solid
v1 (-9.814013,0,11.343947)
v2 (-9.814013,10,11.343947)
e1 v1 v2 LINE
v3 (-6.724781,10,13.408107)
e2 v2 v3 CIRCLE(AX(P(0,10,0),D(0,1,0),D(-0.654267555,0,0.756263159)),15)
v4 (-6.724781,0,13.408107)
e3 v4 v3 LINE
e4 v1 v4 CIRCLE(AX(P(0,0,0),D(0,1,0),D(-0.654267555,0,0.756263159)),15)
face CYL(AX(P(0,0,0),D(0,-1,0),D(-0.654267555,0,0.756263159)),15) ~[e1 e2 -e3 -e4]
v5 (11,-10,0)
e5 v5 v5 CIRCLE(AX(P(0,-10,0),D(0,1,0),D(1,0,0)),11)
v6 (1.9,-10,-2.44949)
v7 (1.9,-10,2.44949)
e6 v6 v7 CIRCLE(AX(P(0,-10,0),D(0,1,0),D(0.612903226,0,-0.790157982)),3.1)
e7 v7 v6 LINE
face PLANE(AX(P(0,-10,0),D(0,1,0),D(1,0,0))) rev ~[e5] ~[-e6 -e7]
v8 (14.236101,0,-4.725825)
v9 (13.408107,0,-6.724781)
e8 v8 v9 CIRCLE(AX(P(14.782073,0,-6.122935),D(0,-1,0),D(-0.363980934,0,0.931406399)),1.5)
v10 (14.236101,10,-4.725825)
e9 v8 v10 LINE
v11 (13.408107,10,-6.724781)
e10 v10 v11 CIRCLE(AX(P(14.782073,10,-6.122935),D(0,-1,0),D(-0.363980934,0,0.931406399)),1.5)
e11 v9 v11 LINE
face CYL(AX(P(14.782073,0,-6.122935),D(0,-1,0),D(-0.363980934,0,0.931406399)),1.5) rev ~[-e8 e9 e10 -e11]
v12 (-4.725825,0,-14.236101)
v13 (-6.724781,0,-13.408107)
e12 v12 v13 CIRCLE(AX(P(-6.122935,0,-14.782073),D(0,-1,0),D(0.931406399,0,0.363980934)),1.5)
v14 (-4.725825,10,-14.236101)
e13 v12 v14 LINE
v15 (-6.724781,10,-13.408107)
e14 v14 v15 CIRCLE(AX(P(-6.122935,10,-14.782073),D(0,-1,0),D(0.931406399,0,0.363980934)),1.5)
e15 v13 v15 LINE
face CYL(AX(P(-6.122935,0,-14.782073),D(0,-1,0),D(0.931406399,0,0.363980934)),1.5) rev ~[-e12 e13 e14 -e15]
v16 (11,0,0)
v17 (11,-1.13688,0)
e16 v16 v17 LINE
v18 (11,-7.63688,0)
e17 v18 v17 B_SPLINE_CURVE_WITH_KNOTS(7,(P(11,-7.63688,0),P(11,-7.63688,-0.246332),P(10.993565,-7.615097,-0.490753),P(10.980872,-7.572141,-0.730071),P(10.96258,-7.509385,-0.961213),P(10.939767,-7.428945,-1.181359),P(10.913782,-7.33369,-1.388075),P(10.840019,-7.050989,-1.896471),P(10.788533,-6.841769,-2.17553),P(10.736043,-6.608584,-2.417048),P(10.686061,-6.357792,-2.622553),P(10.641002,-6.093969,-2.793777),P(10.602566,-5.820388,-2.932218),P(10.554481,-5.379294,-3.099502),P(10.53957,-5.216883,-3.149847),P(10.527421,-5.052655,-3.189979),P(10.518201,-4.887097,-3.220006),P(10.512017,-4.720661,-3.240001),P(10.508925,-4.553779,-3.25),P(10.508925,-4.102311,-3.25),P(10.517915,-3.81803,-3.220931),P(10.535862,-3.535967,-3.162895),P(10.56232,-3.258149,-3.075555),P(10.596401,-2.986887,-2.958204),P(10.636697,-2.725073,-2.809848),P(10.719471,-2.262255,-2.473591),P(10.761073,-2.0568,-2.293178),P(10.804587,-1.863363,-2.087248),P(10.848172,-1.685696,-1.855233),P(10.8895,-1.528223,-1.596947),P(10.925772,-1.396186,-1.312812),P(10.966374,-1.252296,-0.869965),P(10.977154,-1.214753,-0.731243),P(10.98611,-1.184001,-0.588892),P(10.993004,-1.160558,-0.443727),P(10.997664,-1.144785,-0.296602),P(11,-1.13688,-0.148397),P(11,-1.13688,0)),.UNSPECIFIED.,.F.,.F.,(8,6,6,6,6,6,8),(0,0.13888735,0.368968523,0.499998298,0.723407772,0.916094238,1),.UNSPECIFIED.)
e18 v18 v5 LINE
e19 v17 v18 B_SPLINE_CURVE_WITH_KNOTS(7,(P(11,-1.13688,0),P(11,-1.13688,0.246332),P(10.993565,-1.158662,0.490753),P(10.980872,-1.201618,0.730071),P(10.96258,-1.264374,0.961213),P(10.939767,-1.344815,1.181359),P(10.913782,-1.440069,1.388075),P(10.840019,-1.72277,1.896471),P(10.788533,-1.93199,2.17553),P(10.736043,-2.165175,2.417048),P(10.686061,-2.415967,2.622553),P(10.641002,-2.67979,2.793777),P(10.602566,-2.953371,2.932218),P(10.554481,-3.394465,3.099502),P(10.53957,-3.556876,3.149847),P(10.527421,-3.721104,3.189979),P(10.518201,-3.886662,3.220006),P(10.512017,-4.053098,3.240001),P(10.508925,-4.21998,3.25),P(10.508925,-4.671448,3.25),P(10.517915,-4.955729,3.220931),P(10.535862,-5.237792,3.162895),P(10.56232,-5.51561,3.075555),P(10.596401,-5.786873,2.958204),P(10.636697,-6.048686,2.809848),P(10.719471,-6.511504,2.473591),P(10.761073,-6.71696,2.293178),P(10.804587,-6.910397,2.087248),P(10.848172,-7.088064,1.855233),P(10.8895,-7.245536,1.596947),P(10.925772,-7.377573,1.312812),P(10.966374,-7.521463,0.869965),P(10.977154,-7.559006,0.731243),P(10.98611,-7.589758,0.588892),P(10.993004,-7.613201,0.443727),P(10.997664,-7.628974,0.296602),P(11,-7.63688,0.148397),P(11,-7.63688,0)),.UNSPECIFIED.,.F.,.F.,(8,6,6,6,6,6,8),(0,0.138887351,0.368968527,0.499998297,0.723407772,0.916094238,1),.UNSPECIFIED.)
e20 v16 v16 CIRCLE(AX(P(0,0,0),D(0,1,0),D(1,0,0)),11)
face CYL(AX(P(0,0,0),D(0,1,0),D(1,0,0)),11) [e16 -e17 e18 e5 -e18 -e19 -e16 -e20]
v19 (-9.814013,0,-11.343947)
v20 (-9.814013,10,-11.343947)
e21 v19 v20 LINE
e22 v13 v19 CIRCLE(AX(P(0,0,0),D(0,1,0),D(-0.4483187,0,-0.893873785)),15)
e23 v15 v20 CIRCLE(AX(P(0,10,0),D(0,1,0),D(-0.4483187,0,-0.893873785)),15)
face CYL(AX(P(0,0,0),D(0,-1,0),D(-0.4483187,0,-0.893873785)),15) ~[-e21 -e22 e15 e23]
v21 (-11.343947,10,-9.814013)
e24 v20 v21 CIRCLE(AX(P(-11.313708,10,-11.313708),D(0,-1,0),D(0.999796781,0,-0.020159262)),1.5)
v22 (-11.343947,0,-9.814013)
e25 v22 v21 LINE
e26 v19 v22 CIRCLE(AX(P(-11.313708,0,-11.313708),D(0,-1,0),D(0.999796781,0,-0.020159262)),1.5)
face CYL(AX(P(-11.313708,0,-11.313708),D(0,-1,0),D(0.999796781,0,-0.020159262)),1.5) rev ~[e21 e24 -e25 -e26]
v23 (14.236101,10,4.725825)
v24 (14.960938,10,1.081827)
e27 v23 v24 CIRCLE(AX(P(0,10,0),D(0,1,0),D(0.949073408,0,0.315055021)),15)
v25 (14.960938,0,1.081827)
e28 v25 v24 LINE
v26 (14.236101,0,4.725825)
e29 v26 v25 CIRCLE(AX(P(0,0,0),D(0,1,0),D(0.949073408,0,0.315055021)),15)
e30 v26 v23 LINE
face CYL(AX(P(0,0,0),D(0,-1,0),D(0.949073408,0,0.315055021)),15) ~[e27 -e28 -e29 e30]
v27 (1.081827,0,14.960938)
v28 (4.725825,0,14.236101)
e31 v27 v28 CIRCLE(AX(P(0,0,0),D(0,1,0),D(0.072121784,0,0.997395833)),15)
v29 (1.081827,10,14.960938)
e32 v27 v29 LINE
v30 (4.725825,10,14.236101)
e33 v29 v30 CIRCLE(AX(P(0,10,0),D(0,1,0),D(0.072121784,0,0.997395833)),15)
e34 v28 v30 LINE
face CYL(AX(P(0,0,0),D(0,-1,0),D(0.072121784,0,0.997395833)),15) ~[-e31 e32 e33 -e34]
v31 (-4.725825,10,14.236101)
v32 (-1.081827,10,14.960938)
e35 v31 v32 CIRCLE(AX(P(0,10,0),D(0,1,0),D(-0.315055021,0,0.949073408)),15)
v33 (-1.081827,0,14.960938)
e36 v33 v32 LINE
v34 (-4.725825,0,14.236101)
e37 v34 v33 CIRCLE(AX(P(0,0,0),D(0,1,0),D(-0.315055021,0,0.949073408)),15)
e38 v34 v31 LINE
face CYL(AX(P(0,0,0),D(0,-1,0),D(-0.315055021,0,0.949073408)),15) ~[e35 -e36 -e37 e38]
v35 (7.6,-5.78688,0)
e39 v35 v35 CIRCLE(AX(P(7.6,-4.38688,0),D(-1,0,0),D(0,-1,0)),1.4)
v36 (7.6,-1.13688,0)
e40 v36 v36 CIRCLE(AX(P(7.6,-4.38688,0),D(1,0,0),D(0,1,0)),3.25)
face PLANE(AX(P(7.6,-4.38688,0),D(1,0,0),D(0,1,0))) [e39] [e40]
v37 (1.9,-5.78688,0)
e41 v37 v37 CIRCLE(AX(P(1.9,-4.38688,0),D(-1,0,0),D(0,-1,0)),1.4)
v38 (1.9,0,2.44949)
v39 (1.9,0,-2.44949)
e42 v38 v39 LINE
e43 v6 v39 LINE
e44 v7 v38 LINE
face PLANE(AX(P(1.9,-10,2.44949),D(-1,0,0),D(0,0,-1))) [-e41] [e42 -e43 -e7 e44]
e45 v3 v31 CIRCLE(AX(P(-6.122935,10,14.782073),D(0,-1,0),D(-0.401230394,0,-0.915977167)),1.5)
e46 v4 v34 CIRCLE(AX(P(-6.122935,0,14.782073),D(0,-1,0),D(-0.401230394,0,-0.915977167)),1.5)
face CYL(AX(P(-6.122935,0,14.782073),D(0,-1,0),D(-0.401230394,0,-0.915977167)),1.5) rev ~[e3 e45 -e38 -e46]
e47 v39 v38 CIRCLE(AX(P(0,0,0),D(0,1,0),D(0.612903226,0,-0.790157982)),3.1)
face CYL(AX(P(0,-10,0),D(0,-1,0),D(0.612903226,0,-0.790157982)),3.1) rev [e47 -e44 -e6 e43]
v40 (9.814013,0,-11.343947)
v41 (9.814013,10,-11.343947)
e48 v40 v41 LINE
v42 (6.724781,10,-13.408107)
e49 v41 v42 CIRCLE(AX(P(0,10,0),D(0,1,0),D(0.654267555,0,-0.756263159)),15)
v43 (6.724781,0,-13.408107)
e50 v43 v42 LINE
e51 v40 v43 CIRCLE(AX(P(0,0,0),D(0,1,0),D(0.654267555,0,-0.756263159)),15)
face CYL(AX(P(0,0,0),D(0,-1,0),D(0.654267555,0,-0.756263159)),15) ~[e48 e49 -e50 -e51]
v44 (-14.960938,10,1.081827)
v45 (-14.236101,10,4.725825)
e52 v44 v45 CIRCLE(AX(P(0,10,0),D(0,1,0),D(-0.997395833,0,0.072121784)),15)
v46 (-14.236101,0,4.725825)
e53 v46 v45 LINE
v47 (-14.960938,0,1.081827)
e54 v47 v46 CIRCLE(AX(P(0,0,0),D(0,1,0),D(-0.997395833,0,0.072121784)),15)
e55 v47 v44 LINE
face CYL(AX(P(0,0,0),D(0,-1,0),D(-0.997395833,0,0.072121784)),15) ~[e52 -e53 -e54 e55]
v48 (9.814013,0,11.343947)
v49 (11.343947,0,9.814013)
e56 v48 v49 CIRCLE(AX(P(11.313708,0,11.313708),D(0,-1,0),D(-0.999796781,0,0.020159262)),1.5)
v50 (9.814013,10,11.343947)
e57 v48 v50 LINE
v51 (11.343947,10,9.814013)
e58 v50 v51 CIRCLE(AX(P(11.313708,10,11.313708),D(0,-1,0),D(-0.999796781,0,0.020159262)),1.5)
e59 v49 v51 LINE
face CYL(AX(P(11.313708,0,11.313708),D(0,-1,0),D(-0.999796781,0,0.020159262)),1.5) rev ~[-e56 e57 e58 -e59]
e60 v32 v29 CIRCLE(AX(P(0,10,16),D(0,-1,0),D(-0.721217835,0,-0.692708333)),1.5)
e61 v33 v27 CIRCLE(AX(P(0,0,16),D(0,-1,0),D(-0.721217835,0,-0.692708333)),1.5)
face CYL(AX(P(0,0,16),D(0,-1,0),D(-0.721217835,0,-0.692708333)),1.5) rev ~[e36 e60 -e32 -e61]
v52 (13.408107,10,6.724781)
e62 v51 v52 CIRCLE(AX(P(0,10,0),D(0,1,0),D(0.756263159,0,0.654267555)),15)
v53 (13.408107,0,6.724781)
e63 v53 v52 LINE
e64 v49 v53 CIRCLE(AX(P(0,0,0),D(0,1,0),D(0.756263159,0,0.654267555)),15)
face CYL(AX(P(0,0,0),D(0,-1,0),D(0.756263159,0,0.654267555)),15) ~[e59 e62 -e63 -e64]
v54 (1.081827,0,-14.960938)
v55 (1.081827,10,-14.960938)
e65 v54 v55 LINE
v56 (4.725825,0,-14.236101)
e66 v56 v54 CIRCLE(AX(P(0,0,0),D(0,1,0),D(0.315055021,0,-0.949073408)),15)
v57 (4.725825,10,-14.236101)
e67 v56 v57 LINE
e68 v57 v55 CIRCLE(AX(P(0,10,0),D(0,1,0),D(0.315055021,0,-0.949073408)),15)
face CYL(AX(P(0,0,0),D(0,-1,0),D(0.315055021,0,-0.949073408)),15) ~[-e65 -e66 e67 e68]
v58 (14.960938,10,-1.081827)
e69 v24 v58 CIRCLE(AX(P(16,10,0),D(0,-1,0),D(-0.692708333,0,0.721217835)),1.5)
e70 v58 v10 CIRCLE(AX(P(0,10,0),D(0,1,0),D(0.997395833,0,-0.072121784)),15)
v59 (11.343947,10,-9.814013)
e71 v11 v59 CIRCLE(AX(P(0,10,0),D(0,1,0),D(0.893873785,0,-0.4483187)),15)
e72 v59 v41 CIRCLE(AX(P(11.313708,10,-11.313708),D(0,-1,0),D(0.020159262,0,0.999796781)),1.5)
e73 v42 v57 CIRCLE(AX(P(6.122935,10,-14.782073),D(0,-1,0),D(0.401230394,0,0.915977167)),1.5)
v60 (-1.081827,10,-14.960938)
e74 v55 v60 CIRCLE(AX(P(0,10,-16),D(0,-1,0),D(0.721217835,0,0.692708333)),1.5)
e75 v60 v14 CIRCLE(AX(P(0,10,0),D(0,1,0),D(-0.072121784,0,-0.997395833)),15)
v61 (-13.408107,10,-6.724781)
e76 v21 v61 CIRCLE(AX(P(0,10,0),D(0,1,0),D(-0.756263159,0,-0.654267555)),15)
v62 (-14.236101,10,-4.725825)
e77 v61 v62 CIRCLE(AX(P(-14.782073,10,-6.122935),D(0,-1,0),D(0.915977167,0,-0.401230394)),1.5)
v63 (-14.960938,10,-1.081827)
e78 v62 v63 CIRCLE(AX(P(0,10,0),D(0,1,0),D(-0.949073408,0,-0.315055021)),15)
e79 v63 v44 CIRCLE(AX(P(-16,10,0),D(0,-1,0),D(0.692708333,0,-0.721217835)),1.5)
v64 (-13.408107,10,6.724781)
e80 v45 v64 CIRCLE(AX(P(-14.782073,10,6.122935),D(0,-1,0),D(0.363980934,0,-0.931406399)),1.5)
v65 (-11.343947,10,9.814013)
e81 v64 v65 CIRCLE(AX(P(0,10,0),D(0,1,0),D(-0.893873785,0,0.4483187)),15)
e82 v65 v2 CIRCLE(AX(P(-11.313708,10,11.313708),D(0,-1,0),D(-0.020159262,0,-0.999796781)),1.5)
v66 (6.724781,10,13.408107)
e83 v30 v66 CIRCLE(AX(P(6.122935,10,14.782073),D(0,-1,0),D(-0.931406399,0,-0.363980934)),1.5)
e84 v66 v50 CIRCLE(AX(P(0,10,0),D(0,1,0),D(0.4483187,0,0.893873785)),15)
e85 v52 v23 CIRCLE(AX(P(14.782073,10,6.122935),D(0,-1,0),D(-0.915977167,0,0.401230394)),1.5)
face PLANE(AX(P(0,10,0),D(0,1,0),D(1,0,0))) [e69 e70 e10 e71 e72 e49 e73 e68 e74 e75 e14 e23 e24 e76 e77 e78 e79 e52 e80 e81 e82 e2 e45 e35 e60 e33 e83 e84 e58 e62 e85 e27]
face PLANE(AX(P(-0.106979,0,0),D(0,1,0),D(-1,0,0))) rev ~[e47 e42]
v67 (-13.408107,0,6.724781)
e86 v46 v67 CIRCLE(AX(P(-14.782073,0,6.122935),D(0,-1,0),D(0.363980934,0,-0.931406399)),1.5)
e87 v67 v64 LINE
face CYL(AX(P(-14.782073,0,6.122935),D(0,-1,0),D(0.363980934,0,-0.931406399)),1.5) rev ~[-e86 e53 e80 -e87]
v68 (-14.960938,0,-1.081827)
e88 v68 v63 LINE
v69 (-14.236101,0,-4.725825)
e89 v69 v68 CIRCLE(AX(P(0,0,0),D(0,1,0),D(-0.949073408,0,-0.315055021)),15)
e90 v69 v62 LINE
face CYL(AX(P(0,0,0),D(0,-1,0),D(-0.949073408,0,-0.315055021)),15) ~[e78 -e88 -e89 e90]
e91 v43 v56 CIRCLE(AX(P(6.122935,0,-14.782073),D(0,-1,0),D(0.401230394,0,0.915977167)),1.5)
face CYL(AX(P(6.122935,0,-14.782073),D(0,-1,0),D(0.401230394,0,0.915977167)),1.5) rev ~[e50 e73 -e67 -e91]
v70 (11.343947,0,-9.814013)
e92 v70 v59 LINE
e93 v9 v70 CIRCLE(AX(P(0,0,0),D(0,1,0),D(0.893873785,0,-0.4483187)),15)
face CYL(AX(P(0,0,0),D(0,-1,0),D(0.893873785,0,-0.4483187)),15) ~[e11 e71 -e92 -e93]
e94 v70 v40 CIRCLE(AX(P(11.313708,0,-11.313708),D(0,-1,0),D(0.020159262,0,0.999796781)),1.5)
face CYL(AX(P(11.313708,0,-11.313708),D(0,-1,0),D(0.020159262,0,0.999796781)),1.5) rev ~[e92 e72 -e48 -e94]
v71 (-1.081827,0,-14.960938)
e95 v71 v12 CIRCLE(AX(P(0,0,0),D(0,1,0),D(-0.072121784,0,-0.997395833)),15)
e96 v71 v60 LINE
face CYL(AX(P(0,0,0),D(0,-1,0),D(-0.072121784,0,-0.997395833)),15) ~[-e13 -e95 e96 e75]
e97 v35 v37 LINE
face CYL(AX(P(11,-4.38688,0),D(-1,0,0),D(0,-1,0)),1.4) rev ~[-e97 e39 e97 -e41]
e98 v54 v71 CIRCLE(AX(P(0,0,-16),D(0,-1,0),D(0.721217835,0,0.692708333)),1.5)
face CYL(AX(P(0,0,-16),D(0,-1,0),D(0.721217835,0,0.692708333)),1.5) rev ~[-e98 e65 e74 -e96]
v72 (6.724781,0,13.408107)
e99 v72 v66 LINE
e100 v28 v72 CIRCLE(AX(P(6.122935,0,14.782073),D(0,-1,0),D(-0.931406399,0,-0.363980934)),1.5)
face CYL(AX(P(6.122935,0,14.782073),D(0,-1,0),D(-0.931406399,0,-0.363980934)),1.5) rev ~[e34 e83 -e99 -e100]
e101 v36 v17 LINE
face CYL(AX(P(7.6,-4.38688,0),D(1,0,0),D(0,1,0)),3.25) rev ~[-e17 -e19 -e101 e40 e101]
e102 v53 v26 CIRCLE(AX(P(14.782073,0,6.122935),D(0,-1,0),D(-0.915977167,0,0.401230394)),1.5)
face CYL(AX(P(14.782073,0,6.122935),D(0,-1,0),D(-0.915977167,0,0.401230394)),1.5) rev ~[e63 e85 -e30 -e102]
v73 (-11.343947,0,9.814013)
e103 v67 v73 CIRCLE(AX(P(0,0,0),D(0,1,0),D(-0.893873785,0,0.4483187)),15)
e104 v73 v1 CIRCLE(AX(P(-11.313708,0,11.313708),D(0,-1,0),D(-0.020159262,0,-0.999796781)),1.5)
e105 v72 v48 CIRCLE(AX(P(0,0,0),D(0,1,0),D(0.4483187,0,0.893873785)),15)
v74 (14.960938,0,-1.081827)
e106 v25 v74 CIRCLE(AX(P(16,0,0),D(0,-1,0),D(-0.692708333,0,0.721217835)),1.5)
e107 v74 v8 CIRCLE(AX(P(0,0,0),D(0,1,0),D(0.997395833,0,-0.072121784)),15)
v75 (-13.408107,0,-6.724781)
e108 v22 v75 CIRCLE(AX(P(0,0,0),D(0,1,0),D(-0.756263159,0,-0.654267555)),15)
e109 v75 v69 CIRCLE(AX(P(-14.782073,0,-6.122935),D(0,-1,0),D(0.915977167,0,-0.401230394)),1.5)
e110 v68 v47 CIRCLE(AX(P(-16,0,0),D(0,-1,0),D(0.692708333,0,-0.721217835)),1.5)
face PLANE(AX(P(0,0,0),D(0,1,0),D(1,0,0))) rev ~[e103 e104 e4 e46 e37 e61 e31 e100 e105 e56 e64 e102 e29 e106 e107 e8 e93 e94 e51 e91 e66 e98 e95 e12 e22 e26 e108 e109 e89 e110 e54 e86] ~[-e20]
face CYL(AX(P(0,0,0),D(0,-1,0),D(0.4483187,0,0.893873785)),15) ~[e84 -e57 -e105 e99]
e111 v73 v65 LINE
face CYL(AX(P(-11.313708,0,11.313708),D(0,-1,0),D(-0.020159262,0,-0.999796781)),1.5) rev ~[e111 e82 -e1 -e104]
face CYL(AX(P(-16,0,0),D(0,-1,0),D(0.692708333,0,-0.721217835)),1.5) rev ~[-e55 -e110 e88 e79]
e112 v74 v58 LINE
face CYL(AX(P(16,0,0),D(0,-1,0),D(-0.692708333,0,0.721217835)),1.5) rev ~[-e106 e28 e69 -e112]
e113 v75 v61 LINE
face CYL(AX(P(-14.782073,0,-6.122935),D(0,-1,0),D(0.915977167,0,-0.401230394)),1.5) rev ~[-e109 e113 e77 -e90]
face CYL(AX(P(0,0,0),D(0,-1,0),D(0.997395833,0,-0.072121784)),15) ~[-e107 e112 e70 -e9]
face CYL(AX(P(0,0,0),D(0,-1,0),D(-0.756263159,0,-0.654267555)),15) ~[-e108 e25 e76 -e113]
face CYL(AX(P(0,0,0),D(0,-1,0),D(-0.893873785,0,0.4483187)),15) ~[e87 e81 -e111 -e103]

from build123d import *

# Parameters (mm, degrees)
BOSS_EXTRUDE1_DEPTH                                  = 10
SKETCH1_3_R                                          = 11
BOSS_EXTRUDE2_DEPTH                                  = 10
SCHNITT_LINEAR_AUSTRAGEN1_DEPTH                      = 10
STIRNSENKUNG_F_R_M3_ZYLINDERSCHRAUBE_MIT_D           = 2.8
STIRNSENKUNG_F_R_M3_ZYLINDERSCHRAUBE_MIT_DEPTH       = 9.1
STIRNSENKUNG_F_R_M3_ZYLINDERSCHRAUBE_MIT_CBORE_D     = 6.5
STIRNSENKUNG_F_R_M3_ZYLINDERSCHRAUBE_MIT_CBORE_DEPTH = 3.4


with BuildPart() as part:
    # Sketch1 → Boss-Extrude1 (new body)
    with BuildSketch(Plane(origin=(0, 0, 0), x_dir=(1, 0, 0), z_dir=(0, 1, 0))):
        with BuildLine():
            ThreePointArc((-1.081826752, 14.9609375), (-2.92635483, 14.711779206), (-4.72582532, 14.236101118))
            ThreePointArc((-4.72582532, 14.236101118), (-5.548909769, 13.396253221), (-6.724780508, 13.408106769))
            ThreePointArc((-6.724780508, 13.408106769), (-8.333553495, 12.472044185), (-9.814013327, 11.343947391))
            ThreePointArc((-9.814013327, 11.343947391), (-10.253048327, 10.253048327), (-11.343947391, 9.814013327))
            ThreePointArc((-11.343947391, 9.814013327), (-12.472044185, 8.333553495), (-13.408106769, 6.724780508))
            ThreePointArc((-13.408106769, 6.724780508), (-13.396253221, 5.548909769), (-14.236101118, 4.72582532))
            ThreePointArc((-14.236101118, 4.72582532), (-14.711779206, 2.92635483), (-14.9609375, 1.081826752))
            ThreePointArc((-14.9609375, 1.081826752), (-14.5, 0), (-14.9609375, -1.081826752))
            ThreePointArc((-14.9609375, -1.081826752), (-14.711779206, -2.92635483), (-14.236101118, -4.72582532))
            ThreePointArc((-14.236101118, -4.72582532), (-13.396253221, -5.548909769), (-13.408106769, -6.724780508))
            ThreePointArc((-13.408106769, -6.724780508), (-12.472044185, -8.333553495), (-11.343947391, -9.814013327))
            ThreePointArc((-11.343947391, -9.814013327), (-10.253048327, -10.253048327), (-9.814013327, -11.343947391))
            ThreePointArc((-9.814013327, -11.343947391), (-8.333553495, -12.472044185), (-6.724780508, -13.408106769))
            ThreePointArc((-6.724780508, -13.408106769), (-5.548909769, -13.396253221), (-4.72582532, -14.236101118))
            ThreePointArc((-4.72582532, -14.236101118), (-2.92635483, -14.711779206), (-1.081826752, -14.9609375))
            ThreePointArc((-1.081826752, -14.9609375), (0, -14.5), (1.081826752, -14.9609375))
            ThreePointArc((1.081826752, -14.9609375), (2.92635483, -14.711779206), (4.72582532, -14.236101118))
            ThreePointArc((4.72582532, -14.236101118), (5.548909769, -13.396253221), (6.724780508, -13.408106769))
            ThreePointArc((6.724780508, -13.408106769), (8.333553495, -12.472044185), (9.814013327, -11.343947391))
            ThreePointArc((9.814013327, -11.343947391), (10.253048327, -10.253048327), (11.343947391, -9.814013327))
            ThreePointArc((11.343947391, -9.814013327), (12.472044185, -8.333553495), (13.408106769, -6.724780508))
            ThreePointArc((13.408106769, -6.724780508), (13.396253221, -5.548909769), (14.236101118, -4.72582532))
            ThreePointArc((14.236101118, -4.72582532), (14.711779206, -2.92635483), (14.9609375, -1.081826752))
            ThreePointArc((14.9609375, -1.081826752), (14.5, 0), (14.9609375, 1.081826752))
            ThreePointArc((14.9609375, 1.081826752), (14.711779206, 2.92635483), (14.236101118, 4.72582532))
            ThreePointArc((14.236101118, 4.72582532), (13.396253221, 5.548909769), (13.408106769, 6.724780508))
            ThreePointArc((13.408106769, 6.724780508), (12.472044185, 8.333553495), (11.343947391, 9.814013327))
            ThreePointArc((11.343947391, 9.814013327), (10.253048327, 10.253048327), (9.814013327, 11.343947391))
            ThreePointArc((9.814013327, 11.343947391), (8.333553495, 12.472044185), (6.724780508, 13.408106769))
            ThreePointArc((6.724780508, 13.408106769), (5.548909769, 13.396253221), (4.72582532, 14.236101118))
            ThreePointArc((4.72582532, 14.236101118), (2.92635483, 14.711779206), (1.081826752, 14.9609375))
            ThreePointArc((1.081826752, 14.9609375), (0, 14.5), (-1.081826752, 14.9609375))
        make_face()
    extrude(amount=BOSS_EXTRUDE1_DEPTH)

    # Sketch1<3> → Boss-Extrude2 (add)
    with BuildSketch(Plane(origin=(0, 0, 0), x_dir=(1, 0, 0), z_dir=(0, 1, 0))):
        Circle(SKETCH1_3_R)
    extrude(amount=-BOSS_EXTRUDE2_DEPTH)

    # Skizze1 → Schnitt-Linear austragen1 (cut)
    with BuildSketch(Plane.XZ.offset(10)):
        with BuildLine():
            Line((1.9, 2.449489743), (1.9, -2.449489743))
            ThreePointArc((1.9, -2.449489743), (-3.1, 0), (1.9, 2.449489743))
        make_face()
    extrude(amount=-SCHNITT_LINEAR_AUSTRAGEN1_DEPTH, mode=Mode.SUBTRACT)

    # Stirnsenkung für M3 Zylinderschraube mit Innensechskant1
    with Locations(Plane.YZ.offset(11)):
        with Locations((-4.386879559, 0)):
            CounterBoreHole(STIRNSENKUNG_F_R_M3_ZYLINDERSCHRAUBE_MIT_D / 2, STIRNSENKUNG_F_R_M3_ZYLINDERSCHRAUBE_MIT_CBORE_D / 2, STIRNSENKUNG_F_R_M3_ZYLINDERSCHRAUBE_MIT_CBORE_DEPTH, depth=STIRNSENKUNG_F_R_M3_ZYLINDERSCHRAUBE_MIT_DEPTH)


solid = part.part
